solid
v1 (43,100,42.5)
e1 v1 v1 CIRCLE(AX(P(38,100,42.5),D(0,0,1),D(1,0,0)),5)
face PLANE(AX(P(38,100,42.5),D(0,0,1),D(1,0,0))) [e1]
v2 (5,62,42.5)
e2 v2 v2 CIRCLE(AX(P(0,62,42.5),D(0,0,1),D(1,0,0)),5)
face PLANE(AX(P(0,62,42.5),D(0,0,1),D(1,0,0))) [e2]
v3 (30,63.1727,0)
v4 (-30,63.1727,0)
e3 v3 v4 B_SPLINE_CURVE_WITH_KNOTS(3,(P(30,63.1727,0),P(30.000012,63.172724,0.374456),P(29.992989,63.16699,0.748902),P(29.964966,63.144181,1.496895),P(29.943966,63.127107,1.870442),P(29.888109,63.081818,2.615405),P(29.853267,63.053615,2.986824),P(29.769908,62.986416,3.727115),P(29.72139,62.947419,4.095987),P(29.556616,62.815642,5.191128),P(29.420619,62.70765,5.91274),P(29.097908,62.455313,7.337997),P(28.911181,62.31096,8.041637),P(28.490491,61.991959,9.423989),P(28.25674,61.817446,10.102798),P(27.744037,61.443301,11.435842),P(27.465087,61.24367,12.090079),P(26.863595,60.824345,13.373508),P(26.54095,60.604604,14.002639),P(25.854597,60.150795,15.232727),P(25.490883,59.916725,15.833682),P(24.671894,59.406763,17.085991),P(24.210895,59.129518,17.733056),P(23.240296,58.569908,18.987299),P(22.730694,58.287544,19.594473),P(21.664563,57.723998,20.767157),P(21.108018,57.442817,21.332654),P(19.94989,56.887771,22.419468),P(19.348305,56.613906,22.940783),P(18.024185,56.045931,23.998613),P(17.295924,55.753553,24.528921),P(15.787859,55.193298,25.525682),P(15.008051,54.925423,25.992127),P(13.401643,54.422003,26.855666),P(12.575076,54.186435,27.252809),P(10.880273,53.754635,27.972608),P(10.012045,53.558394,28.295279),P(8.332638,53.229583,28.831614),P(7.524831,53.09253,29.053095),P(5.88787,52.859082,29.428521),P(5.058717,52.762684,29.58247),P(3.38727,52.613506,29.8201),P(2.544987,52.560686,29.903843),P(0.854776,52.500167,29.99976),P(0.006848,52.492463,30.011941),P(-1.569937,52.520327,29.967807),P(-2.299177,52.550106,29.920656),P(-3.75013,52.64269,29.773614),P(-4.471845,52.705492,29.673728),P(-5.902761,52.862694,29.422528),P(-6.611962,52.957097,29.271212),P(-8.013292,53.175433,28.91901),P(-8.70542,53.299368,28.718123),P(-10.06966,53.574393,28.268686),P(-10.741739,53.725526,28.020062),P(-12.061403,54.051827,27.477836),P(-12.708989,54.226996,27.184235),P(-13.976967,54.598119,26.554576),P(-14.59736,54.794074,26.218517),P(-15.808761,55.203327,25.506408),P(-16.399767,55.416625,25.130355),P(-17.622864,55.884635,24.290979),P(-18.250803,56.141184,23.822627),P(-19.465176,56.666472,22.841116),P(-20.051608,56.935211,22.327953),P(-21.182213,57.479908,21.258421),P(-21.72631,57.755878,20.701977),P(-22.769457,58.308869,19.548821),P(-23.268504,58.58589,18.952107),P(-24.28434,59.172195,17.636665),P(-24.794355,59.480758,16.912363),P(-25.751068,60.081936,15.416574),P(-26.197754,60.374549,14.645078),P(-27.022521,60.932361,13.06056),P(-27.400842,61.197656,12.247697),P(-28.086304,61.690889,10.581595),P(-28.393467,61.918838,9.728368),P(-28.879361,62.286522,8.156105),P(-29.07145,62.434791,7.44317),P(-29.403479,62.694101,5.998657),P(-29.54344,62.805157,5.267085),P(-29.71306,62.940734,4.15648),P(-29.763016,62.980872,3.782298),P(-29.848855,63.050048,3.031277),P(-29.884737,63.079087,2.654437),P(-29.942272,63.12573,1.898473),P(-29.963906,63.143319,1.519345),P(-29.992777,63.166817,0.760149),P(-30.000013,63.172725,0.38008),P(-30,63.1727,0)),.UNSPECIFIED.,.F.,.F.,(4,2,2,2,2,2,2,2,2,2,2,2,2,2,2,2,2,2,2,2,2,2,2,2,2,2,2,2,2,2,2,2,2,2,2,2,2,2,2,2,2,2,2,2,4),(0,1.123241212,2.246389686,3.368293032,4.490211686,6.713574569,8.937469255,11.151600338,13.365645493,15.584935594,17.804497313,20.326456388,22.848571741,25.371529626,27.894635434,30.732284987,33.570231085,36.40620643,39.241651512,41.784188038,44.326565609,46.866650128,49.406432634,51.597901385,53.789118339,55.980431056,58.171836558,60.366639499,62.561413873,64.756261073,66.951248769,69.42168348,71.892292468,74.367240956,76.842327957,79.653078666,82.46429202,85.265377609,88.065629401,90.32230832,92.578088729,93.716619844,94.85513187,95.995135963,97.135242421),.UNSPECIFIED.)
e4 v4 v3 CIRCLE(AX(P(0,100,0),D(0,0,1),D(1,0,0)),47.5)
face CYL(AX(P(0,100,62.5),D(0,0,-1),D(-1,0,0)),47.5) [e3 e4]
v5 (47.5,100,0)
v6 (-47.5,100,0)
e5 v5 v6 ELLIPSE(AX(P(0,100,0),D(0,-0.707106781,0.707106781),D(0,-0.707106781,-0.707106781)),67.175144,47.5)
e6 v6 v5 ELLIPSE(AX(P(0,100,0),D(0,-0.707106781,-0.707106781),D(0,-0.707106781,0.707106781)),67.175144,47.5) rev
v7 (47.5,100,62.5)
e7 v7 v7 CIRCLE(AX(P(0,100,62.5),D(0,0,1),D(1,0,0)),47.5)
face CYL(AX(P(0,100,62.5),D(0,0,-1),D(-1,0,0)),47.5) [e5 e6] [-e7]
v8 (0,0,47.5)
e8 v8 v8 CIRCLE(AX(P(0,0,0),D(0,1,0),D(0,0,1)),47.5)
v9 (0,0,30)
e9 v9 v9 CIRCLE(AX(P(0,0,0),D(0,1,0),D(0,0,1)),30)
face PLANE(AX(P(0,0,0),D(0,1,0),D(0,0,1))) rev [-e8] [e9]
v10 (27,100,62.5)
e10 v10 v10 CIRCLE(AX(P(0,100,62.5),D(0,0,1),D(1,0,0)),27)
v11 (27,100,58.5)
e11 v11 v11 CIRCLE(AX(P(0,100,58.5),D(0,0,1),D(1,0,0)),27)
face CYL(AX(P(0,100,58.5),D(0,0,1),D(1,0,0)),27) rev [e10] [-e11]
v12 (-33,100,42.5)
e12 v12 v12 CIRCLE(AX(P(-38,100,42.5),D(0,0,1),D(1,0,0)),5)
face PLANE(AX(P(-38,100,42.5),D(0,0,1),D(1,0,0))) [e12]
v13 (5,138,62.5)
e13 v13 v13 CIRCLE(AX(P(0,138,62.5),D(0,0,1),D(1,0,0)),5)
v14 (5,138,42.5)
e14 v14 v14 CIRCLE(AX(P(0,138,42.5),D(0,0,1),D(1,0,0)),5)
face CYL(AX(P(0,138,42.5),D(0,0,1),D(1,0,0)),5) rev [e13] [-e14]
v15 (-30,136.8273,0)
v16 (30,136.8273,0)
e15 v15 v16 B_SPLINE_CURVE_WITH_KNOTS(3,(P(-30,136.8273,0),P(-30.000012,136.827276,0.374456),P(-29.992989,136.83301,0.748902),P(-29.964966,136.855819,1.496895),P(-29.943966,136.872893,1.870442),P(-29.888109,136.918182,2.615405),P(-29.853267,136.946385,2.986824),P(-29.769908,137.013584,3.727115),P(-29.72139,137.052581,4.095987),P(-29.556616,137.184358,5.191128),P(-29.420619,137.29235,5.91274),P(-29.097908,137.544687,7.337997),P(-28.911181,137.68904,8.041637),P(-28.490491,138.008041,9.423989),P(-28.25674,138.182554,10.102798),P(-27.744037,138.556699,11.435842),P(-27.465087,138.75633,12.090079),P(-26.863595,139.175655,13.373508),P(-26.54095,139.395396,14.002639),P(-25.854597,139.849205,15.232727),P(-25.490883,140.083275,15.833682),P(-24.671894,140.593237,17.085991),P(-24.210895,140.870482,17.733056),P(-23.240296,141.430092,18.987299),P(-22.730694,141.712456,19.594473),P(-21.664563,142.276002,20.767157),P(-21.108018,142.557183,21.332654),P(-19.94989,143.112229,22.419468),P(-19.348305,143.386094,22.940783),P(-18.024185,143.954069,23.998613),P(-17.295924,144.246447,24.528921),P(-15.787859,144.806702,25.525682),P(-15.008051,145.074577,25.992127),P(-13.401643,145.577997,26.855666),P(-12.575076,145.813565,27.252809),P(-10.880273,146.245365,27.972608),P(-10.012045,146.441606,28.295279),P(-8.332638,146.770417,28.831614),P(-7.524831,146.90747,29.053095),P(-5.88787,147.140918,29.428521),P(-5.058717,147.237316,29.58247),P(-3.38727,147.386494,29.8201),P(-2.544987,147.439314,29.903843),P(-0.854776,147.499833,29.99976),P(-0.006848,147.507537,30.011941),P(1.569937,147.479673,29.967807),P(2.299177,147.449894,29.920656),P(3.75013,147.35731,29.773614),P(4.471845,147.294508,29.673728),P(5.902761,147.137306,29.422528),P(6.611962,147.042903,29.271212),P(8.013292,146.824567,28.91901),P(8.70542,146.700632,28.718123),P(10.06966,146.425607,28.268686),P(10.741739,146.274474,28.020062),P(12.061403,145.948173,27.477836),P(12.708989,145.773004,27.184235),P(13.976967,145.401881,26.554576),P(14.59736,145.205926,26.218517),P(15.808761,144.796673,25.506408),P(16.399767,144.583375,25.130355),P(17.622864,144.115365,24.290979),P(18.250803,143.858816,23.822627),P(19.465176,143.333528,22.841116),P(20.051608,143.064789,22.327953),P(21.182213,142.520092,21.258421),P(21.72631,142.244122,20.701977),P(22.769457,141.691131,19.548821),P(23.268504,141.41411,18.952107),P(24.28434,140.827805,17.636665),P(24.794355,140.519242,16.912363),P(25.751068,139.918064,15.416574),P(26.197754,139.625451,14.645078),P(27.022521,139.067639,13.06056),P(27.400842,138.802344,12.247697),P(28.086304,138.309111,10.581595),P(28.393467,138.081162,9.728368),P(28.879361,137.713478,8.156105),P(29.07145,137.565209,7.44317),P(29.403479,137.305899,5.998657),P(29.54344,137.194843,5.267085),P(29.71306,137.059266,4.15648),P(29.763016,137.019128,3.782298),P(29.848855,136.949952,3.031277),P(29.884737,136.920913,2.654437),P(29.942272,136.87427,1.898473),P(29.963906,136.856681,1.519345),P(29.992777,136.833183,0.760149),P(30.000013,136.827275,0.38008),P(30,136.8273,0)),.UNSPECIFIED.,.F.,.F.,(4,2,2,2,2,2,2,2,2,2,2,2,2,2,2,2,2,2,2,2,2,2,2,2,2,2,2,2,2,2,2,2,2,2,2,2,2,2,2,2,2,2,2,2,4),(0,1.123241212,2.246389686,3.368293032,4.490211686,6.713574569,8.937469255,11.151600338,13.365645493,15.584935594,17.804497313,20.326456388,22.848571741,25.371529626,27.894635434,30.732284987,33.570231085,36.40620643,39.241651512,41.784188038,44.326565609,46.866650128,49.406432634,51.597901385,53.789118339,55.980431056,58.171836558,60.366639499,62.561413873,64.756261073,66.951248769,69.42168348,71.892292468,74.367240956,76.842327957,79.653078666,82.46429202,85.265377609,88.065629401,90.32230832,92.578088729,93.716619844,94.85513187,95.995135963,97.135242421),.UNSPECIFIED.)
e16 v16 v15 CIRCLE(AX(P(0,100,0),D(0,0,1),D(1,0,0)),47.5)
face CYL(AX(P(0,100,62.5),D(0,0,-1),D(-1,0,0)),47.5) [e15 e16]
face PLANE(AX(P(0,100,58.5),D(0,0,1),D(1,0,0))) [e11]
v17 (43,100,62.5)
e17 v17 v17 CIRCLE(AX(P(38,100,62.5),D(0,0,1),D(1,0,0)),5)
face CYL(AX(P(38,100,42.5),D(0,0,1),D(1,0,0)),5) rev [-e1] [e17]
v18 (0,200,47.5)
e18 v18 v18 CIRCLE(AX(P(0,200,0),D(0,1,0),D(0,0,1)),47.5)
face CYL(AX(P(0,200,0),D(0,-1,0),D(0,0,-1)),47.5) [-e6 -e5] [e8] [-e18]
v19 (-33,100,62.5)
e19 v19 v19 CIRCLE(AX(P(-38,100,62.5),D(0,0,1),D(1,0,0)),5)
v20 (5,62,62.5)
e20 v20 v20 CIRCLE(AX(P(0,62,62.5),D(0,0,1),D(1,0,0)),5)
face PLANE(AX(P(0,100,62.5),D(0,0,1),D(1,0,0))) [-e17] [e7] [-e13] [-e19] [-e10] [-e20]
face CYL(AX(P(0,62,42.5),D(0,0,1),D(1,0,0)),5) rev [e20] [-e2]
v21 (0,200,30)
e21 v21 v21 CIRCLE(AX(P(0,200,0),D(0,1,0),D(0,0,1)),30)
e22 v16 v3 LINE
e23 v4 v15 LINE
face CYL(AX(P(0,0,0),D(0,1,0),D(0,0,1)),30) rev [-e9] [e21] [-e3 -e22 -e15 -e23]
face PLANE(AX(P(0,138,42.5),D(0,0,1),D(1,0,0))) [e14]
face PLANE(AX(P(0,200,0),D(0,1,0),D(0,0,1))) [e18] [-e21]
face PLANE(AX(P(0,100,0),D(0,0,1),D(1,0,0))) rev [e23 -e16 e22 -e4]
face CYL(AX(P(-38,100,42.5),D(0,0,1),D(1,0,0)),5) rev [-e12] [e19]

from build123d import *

# Parameters (mm, degrees)
SKETCH1_R           = 47.5
BOSS_EXTRUDE1_DEPTH = 200
SKETCH2_R           = 30
CUT_EXTRUDE2_DEPTH  = 200
SKETCH4_R           = 47.5
BOSS_EXTRUDE2_DEPTH = 62.5
SKETCH5_R           = 5
CUT_EXTRUDE3_DEPTH  = 20
SKETCH6_R           = 27
CUT_EXTRUDE4_DEPTH  = 4


with BuildPart() as part:
    # Sketch1 → Boss-Extrude1 (new body)
    with BuildSketch(Plane(origin=(0, 0, 0), x_dir=(1, 0, 0), z_dir=(0, 1, 0))):
        with Locations(Location((0, 0, 0), (0, 0, 270))):
            Circle(SKETCH1_R)
    extrude(amount=BOSS_EXTRUDE1_DEPTH)

    # Sketch2 → Cut-Extrude2 (cut)
    with BuildSketch(Plane(origin=(0, 200, 0), x_dir=(1, 0, 0), z_dir=(0, 1, 0))):
        with Locations(Location((0, 0, 0), (0, 0, 270))):
            Circle(SKETCH2_R)
    extrude(amount=-CUT_EXTRUDE2_DEPTH, mode=Mode.SUBTRACT)

    # Sketch4 → Boss-Extrude2 (add)
    with BuildSketch(Plane.XY):
        with Locations((0, 100)):
            Circle(SKETCH4_R)
    extrude(amount=BOSS_EXTRUDE2_DEPTH)

    # Sketch5 → Cut-Extrude3 (cut)
    with BuildSketch(Plane.XY.offset(62.5)):
        with Locations((0, 138)):
            Circle(SKETCH5_R)
        with Locations((0, 62)):
            Circle(SKETCH5_R)
        with Locations((38, 100)):
            Circle(SKETCH5_R)
        with Locations((-38, 100)):
            Circle(SKETCH5_R)
    extrude(amount=-CUT_EXTRUDE3_DEPTH, mode=Mode.SUBTRACT)

    # Sketch6 → Cut-Extrude4 (cut)
    with BuildSketch(Plane.XY.offset(62.5)):
        with Locations((0, 100)):
            Circle(SKETCH6_R)
    extrude(amount=-CUT_EXTRUDE4_DEPTH, mode=Mode.SUBTRACT)


solid = part.part
